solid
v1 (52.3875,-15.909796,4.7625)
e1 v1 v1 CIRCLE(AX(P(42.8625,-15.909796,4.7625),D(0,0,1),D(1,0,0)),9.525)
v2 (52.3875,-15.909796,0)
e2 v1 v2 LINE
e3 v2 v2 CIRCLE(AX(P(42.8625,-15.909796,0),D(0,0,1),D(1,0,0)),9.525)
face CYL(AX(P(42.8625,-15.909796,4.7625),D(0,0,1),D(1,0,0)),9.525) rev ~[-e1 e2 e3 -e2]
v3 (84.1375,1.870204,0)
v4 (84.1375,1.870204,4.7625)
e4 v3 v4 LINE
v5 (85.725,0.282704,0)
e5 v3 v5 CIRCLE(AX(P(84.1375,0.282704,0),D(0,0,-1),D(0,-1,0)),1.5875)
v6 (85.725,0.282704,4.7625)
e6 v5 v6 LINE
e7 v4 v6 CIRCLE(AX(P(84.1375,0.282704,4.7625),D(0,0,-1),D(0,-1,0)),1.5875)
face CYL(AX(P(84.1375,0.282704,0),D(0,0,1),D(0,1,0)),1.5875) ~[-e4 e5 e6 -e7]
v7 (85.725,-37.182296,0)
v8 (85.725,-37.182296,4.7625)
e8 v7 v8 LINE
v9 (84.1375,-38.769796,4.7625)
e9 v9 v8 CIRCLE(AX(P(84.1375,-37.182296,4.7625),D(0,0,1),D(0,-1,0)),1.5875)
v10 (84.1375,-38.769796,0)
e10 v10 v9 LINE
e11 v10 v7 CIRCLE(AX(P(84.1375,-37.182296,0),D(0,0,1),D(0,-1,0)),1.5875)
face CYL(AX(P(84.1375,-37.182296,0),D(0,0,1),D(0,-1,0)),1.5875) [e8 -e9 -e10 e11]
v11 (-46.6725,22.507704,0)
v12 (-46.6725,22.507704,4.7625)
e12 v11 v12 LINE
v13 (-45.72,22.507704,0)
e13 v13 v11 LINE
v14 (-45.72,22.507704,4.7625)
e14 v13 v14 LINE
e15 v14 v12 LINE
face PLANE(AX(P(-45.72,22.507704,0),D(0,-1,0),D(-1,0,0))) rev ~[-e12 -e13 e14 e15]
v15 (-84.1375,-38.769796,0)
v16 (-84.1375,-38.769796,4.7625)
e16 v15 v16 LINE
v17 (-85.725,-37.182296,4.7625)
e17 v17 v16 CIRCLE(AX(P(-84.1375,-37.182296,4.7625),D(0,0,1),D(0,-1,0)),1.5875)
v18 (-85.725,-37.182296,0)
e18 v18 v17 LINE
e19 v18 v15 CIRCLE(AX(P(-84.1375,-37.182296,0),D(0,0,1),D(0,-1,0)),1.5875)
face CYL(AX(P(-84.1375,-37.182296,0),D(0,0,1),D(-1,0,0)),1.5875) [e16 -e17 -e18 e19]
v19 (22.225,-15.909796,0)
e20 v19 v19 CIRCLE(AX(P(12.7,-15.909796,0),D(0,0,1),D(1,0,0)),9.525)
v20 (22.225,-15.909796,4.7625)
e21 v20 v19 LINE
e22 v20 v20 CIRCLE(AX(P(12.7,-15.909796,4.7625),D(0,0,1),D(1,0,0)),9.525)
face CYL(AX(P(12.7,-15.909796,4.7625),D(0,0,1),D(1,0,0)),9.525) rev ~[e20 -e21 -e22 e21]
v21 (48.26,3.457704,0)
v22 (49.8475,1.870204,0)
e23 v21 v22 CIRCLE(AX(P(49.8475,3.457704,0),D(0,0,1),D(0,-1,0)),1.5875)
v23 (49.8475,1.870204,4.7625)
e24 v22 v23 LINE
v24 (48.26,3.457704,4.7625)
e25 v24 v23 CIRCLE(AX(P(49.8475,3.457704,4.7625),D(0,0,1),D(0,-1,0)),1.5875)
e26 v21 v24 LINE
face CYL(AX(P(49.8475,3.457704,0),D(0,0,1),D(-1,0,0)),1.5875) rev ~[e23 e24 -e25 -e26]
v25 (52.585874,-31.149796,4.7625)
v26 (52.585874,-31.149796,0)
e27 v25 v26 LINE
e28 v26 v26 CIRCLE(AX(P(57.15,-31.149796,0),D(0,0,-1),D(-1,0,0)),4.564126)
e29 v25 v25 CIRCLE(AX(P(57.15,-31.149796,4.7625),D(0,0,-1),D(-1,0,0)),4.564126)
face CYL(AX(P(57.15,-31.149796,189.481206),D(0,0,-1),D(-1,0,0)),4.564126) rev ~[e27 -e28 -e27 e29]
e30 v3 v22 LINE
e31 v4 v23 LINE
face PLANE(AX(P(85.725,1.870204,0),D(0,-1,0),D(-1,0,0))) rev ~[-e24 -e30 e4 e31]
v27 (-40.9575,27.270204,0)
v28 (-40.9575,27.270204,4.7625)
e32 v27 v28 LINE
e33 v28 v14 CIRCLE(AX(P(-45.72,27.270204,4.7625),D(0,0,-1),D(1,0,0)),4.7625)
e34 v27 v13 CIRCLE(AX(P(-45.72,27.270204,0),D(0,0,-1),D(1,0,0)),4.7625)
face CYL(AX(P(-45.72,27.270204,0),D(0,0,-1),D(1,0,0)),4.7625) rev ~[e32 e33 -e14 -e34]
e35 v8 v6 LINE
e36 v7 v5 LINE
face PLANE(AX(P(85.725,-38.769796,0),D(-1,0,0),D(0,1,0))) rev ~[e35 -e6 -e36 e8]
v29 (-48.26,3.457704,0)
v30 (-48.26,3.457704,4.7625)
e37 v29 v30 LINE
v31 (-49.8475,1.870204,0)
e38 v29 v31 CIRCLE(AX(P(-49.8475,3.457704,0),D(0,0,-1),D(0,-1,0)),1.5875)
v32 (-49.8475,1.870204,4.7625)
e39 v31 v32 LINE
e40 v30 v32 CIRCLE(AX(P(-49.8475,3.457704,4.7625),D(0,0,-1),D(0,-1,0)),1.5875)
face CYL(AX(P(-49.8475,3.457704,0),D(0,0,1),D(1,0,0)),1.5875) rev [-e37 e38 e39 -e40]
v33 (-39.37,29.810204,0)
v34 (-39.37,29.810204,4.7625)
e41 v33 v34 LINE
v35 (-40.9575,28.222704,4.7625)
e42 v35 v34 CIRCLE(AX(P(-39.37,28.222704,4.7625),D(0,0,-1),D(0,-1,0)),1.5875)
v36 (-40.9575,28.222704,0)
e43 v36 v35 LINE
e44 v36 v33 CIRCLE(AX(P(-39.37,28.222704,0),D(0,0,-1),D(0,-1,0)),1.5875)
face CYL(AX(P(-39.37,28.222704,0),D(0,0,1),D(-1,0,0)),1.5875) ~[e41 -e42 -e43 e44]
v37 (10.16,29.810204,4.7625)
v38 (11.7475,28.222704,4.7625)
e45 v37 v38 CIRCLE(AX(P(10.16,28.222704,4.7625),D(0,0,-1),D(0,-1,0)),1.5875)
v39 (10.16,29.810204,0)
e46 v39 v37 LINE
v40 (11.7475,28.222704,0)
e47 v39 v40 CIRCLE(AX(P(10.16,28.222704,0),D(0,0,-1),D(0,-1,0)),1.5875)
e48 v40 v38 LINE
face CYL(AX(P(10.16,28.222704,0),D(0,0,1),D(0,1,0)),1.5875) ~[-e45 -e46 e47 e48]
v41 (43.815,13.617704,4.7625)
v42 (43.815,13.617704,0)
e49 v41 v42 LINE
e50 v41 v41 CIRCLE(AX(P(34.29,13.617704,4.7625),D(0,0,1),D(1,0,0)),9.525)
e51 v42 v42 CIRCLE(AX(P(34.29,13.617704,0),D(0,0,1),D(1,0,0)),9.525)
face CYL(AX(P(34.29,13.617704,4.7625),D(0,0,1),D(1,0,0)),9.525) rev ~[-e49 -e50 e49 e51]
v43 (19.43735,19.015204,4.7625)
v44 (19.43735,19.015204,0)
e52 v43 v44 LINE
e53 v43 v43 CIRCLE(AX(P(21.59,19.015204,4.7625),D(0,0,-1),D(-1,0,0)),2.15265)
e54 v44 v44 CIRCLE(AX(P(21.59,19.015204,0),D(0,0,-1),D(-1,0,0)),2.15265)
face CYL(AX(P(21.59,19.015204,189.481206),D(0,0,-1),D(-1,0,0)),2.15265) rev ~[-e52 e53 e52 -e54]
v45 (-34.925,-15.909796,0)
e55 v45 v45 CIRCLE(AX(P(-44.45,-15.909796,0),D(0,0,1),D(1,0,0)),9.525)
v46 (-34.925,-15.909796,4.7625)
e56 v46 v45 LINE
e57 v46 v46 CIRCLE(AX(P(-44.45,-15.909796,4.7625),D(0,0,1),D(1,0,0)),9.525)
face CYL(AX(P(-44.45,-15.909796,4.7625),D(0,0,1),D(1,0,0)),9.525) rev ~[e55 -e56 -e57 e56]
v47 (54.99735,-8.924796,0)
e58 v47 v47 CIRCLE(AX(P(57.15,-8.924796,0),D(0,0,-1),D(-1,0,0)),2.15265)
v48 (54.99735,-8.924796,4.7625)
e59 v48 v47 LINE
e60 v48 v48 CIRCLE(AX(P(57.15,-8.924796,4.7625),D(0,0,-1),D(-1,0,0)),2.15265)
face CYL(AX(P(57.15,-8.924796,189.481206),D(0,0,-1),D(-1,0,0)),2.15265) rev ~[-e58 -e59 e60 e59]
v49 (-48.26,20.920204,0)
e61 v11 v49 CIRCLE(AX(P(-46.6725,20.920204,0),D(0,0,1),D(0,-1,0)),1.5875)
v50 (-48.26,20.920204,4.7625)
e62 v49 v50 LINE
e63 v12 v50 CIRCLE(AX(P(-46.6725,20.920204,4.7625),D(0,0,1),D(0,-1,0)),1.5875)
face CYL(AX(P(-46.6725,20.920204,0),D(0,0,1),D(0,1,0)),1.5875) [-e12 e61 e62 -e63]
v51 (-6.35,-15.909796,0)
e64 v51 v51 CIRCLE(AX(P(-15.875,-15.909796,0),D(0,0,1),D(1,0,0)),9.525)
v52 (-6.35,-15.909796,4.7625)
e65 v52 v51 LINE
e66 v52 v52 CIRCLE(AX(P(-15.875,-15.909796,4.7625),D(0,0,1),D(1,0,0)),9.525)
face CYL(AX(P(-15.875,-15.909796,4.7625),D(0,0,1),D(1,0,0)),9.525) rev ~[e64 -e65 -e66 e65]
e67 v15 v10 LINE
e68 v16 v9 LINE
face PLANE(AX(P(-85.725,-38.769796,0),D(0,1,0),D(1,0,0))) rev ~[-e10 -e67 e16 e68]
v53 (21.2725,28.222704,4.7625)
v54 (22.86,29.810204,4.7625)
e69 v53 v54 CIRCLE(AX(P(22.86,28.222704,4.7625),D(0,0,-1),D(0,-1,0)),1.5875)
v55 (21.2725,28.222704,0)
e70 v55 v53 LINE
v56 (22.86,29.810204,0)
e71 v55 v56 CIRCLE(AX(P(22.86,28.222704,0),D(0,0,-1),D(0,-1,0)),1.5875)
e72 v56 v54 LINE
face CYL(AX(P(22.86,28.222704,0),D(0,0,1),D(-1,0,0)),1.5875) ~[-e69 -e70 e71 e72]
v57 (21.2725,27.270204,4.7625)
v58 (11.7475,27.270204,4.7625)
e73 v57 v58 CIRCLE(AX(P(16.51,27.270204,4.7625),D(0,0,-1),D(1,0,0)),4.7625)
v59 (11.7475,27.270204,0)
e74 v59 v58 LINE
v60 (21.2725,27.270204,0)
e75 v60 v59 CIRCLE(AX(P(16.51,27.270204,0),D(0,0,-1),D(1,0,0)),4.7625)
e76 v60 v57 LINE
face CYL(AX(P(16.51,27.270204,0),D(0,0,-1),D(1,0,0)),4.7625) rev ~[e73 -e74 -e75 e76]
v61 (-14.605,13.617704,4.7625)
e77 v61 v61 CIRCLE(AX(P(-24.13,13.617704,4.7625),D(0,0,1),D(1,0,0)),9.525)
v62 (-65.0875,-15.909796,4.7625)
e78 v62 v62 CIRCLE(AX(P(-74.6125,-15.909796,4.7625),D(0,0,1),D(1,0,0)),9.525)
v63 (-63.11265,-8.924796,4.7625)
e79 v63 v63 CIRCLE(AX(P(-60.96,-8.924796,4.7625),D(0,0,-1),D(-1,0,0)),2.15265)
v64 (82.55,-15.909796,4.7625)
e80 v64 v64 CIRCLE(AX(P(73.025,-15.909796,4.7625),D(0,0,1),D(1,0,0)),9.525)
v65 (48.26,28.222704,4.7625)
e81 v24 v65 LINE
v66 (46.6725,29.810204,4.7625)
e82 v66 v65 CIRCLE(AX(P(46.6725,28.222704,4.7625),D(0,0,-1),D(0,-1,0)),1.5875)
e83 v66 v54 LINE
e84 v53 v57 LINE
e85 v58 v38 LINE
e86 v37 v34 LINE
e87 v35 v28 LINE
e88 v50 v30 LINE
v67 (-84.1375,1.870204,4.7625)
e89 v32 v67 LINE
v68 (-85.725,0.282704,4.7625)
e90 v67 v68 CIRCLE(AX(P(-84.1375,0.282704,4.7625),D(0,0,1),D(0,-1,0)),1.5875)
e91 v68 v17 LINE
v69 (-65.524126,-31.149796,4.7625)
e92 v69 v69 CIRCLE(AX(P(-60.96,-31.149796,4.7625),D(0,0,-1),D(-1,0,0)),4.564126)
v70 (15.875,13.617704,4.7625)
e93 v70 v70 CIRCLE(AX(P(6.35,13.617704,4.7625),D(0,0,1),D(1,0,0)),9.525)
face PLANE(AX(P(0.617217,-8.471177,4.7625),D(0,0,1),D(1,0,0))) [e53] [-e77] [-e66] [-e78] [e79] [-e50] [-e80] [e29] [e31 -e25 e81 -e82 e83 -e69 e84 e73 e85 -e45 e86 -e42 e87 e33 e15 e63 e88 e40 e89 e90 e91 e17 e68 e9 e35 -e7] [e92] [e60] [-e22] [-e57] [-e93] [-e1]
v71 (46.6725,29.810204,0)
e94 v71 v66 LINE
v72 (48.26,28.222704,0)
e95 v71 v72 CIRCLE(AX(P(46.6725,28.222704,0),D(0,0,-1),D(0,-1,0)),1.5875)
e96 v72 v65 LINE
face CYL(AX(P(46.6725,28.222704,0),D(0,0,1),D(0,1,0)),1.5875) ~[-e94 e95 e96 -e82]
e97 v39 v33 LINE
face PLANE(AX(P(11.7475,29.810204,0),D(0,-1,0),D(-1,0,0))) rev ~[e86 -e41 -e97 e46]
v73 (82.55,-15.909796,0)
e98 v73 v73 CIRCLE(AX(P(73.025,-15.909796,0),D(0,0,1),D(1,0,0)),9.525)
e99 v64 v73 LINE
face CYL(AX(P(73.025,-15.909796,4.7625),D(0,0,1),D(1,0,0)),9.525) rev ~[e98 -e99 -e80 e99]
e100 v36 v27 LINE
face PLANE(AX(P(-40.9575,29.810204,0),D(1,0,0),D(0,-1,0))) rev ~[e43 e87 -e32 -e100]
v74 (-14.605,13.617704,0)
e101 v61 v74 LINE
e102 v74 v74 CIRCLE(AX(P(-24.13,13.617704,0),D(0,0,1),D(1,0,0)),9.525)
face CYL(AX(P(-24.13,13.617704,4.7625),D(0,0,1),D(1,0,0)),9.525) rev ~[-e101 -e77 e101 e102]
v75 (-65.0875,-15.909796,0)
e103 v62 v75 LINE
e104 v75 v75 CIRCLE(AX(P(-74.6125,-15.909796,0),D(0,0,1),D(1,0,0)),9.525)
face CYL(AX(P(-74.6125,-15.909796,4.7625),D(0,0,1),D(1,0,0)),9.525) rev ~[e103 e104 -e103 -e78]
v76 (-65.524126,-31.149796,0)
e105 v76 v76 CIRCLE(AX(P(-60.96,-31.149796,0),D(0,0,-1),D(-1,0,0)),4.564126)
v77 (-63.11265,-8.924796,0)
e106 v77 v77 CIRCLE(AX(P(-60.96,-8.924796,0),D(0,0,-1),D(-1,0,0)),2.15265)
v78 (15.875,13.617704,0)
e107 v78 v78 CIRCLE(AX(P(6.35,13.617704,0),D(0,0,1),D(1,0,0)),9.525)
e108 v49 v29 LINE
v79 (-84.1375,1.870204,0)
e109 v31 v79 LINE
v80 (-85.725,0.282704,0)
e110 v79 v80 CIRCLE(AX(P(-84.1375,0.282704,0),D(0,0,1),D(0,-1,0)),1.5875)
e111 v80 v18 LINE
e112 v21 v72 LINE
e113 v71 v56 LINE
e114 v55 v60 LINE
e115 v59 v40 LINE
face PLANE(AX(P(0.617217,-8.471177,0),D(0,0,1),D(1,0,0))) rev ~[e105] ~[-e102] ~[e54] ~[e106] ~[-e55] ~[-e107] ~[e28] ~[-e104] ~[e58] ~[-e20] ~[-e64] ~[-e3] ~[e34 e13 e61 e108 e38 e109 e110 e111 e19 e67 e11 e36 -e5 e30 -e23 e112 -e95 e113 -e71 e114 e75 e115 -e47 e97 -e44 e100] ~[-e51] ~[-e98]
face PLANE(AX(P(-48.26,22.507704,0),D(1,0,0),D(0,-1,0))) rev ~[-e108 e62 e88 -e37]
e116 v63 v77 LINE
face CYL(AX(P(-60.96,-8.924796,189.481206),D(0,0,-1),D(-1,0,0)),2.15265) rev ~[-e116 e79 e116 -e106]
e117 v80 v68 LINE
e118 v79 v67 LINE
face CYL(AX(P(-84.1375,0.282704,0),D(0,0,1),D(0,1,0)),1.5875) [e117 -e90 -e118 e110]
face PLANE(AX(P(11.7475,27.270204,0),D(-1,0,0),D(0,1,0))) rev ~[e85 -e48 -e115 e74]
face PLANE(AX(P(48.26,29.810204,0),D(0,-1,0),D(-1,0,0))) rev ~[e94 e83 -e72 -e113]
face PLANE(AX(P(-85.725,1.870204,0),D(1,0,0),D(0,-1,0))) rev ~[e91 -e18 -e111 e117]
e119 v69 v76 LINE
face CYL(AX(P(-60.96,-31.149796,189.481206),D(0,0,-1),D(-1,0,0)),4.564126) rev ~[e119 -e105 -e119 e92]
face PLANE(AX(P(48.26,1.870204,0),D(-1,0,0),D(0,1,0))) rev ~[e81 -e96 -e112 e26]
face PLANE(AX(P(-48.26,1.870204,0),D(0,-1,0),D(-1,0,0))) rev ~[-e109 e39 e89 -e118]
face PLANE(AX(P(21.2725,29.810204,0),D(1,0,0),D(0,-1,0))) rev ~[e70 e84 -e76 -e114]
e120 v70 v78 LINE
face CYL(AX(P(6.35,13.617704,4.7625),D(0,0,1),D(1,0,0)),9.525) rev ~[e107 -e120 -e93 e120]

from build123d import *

# Parameters (mm, degrees)
BOSS_EXTRUDE1_DEPTH              = 4.7625
SKETCH3_R                        = 9.525
CUT_EXTRUDE1_DEPTH               = 5.7625
F_6_CLEARANCE_HOLE1_D            = 4.3053
F_23_64_0_35938_DIAMETER_HOLE1_D = 9.128252
FILLET1_R                        = 1.5875


with BuildPart() as part:
    # Sketch1 → Boss-Extrude1 (new body)
    with BuildSketch(Plane.XY):
        with BuildLine():
            Line((-40.9575, 29.810203833), (-40.9575, 27.270203833))
            ThreePointArc((-40.9575, 27.270203833), (-42.352403955, 23.902607788), (-45.72, 22.507703833))
            Line((-45.72, 22.507703833), (-48.26, 22.507703833))
            Line((-48.26, 22.507703833), (-48.26, 1.870203833))
            Line((-48.26, 1.870203833), (-85.725, 1.870203833))
            Line((-85.725, 1.870203833), (-85.725, -38.769796167))
            Line((-85.725, -38.769796167), (85.725, -38.769796167))
            Line((85.725, -38.769796167), (85.725, 1.870203833))
            Line((85.725, 1.870203833), (48.26, 1.870203833))
            Line((48.26, 1.870203833), (48.26, 29.810203833))
            Line((48.26, 29.810203833), (21.2725, 29.810203833))
            Line((21.2725, 29.810203833), (21.2725, 27.270203833))
            ThreePointArc((21.2725, 27.270203833), (16.51, 22.507703833), (11.7475, 27.270203833))
            Line((11.7475, 27.270203833), (11.7475, 29.810203833))
            Line((11.7475, 29.810203833), (-40.9575, 29.810203833))
        make_face()
    extrude(amount=BOSS_EXTRUDE1_DEPTH)

    # Sketch3 → Cut-Extrude1 (cut, through all)
    with BuildSketch(Plane.XY.offset(4.7625)):
        with Locations((73.025, -15.909796167)):
            Circle(SKETCH3_R)
        with Locations((42.8625, -15.909796167)):
            Circle(SKETCH3_R)
        with Locations((12.7, -15.909796167)):
            Circle(SKETCH3_R)
        with Locations((-15.875, -15.909796167)):
            Circle(SKETCH3_R)
        with Locations((-44.45, -15.909796167)):
            Circle(SKETCH3_R)
        with Locations((-74.6125, -15.909796167)):
            Circle(SKETCH3_R)
        with Locations((34.29, 13.617703833)):
            Circle(SKETCH3_R)
        with Locations((6.35, 13.617703833)):
            Circle(SKETCH3_R)
        with Locations((-24.13, 13.617703833)):
            Circle(SKETCH3_R)
    extrude(amount=-CUT_EXTRUDE1_DEPTH, mode=Mode.SUBTRACT)

    # #6 Clearance Hole1 (through all)
    with Locations(Plane.XY.offset(4.7625)):
        with Locations((57.15, -8.924796167), (21.59, 19.015203833), (-60.96, -8.924796167)):
            Hole(F_6_CLEARANCE_HOLE1_D / 2)

    # 23/64 (0.35938) Diameter Hole1 (through all)
    with Locations(Plane.XY.offset(4.7625)):
        with Locations((57.15, -31.149796167), (-60.96, -31.149796167)):
            Hole(F_23_64_0_35938_DIAMETER_HOLE1_D / 2)

    # Fillet1
    fillet1_edges = [part.edges().sort_by_distance(p)[0] for p in [
        (11.7475, 29.810203833, 2.38125),
        (21.2725, 29.810203833, 2.38125),
        (48.26, 29.810203833, 2.38125),
        (48.26, 1.870203833, 2.38125),
        (85.725, 1.870203833, 2.38125),
        (85.725, -38.769796167, 2.38125),
        (-85.725, -38.769796167, 2.38125),
        (-85.725, 1.870203833, 2.38125),
        (-48.26, 1.870203833, 2.38125),
        (-48.26, 22.507703833, 2.38125),
        (-40.9575, 29.810203833, 2.38125),
    ]]
    fillet(fillet1_edges, radius=FILLET1_R)


solid = part.part
